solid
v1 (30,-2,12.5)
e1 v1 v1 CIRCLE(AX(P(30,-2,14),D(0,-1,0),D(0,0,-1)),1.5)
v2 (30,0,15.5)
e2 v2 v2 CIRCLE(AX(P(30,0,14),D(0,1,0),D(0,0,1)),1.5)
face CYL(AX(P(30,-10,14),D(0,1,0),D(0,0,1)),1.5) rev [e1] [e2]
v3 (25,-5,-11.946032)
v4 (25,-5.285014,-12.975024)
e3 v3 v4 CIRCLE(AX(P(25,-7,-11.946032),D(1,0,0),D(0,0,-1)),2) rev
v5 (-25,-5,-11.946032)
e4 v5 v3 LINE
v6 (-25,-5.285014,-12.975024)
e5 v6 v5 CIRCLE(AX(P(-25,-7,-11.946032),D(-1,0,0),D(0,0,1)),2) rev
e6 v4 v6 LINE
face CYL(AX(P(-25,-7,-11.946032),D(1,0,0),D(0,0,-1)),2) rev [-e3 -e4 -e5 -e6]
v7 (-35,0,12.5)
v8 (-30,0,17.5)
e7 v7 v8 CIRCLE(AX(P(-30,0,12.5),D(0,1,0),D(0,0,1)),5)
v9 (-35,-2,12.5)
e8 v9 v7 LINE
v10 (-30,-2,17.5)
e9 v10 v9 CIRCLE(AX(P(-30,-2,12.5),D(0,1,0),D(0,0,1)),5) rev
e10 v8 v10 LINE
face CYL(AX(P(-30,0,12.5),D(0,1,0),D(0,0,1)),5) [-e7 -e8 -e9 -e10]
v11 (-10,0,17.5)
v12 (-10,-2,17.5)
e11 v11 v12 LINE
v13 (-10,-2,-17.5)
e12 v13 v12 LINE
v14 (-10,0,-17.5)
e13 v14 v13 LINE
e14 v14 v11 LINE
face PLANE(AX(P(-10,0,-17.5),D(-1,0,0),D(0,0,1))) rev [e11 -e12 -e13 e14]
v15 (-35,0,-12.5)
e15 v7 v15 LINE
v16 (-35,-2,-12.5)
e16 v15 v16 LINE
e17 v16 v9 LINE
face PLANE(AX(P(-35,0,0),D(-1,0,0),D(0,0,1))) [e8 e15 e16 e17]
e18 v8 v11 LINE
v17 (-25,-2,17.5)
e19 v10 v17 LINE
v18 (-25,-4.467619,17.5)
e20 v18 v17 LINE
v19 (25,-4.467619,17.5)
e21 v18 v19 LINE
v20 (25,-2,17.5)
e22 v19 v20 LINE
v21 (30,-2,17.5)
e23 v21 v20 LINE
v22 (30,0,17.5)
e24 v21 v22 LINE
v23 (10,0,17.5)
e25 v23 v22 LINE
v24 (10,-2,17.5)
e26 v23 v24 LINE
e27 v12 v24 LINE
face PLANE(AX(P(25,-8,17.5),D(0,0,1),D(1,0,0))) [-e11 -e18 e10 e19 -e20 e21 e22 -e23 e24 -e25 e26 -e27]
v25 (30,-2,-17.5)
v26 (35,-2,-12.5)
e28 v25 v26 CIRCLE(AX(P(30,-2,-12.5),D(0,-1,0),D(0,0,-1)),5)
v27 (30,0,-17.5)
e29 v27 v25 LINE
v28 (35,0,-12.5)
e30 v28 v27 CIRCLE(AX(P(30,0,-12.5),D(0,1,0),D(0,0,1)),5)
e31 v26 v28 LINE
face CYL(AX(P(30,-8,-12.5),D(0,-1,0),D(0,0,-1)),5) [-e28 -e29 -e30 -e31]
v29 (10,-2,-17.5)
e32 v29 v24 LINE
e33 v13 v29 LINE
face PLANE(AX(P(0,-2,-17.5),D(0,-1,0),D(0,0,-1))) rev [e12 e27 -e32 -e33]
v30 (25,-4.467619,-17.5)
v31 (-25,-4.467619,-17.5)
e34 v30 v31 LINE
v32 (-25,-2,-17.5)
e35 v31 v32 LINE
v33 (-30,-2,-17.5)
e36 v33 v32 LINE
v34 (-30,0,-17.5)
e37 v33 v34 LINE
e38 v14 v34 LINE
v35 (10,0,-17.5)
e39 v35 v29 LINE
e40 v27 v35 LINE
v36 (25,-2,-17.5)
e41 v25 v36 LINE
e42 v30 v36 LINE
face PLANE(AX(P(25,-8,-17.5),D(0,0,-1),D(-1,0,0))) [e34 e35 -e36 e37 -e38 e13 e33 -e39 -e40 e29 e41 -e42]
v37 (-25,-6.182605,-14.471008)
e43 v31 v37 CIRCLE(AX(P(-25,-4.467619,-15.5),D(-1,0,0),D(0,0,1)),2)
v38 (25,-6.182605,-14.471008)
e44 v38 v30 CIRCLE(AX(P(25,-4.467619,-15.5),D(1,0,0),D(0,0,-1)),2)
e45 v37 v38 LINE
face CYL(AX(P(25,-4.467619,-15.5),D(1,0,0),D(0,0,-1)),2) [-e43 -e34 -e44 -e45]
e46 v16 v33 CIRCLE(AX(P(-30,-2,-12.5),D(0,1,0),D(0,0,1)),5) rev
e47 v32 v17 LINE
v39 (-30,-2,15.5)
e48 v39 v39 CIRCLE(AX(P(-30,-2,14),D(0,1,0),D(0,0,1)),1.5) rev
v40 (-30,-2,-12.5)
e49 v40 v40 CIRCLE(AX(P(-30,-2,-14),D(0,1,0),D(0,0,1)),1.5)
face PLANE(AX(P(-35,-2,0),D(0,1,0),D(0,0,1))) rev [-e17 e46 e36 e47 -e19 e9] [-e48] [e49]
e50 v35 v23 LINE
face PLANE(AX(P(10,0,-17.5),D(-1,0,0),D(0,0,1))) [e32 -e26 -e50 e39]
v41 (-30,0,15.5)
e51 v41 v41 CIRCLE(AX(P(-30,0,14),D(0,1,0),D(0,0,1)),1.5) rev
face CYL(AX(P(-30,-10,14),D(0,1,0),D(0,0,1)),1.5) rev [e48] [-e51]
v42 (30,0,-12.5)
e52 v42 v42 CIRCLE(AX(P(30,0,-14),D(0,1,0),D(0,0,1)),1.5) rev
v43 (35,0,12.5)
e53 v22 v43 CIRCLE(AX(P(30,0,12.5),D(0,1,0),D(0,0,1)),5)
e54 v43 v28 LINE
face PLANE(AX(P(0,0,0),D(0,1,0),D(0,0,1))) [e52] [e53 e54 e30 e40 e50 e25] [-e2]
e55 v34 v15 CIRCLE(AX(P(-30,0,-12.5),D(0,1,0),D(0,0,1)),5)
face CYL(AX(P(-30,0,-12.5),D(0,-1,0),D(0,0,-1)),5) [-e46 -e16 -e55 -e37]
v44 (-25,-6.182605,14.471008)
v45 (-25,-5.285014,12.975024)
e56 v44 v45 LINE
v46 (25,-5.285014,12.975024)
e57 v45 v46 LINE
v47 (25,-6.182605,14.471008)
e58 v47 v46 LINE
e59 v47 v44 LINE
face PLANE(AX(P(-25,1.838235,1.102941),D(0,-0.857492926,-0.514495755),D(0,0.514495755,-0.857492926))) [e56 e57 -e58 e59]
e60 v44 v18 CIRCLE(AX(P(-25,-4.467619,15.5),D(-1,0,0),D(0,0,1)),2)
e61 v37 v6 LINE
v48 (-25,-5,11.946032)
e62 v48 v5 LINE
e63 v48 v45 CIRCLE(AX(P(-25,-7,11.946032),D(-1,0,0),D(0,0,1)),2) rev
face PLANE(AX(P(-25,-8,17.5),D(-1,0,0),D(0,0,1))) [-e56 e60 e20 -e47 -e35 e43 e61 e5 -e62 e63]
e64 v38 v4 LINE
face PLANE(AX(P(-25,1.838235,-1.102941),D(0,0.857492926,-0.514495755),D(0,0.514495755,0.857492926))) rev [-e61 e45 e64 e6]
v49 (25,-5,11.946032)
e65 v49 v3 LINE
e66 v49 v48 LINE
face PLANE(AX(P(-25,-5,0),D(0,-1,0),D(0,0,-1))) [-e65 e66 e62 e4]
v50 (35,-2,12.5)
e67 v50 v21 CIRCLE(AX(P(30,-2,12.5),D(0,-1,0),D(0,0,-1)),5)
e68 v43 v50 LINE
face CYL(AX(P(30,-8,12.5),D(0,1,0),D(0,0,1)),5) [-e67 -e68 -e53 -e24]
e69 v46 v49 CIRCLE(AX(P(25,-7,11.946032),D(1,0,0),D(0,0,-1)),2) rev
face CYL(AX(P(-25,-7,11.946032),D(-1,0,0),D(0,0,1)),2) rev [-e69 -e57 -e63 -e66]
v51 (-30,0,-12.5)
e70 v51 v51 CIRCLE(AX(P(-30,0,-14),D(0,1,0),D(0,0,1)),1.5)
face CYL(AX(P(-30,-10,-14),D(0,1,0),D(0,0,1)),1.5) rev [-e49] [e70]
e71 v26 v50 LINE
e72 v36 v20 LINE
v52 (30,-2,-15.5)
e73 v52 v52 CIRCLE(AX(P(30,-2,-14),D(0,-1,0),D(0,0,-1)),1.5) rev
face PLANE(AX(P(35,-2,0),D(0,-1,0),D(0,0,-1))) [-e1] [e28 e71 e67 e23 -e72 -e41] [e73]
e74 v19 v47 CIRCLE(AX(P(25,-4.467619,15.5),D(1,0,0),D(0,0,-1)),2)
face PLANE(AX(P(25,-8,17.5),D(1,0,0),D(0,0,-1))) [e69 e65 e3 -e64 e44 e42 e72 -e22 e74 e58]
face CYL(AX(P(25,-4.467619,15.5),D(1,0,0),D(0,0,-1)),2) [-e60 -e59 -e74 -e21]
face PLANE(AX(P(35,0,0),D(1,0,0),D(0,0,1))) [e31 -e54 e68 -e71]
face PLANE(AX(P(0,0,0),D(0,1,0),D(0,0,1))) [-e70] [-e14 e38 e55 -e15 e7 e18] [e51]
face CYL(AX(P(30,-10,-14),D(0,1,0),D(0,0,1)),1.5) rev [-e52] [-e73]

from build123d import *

# Parameters (mm, degrees)
SKETCH1_W               = 50
SKETCH1_H               = 35
BOSS_EXTRUDE1_DEPTH     = 8
CUT_EXTRUDE1_DEPTH      = 1
CUT_EXTRUDE1_DEPTH_BACK = 51
FILLET1_R               = 2
SKETCH5_W               = 35
SKETCH5_H               = 2
BOSS_EXTRUDE2_DEPTH     = 10
SKETCH6_R               = 1.5
CUT_EXTRUDE2_DEPTH      = 10
SKETCH3_W               = 10
SKETCH3_H               = 2
CUT_EXTRUDE3_DEPTH      = 36
FILLET3_R               = 5


with BuildPart() as part:
    # Sketch1 → Boss-Extrude1 (new body)
    with BuildSketch(Plane(origin=(0, 0, 0), x_dir=(1, 0, 0), z_dir=(0, 1, 0))):
        Rectangle(SKETCH1_W, SKETCH1_H)
    extrude(amount=-BOSS_EXTRUDE1_DEPTH)

    # Sketch2 → Cut-Extrude1 (cut, two sides)
    with BuildSketch(Plane(origin=(25, 0, 0), x_dir=(0, 0, -1), z_dir=(1, 0, 0))) as cut_extrude1_sk:
        Polygon((-12.5, -5), (-17.5, -8), (0, -8), (0, -5), align=None)
        Polygon((0, -5), (0, -8), (17.5, -8), (12.5, -5), align=None)
    extrude(amount=CUT_EXTRUDE1_DEPTH, mode=Mode.SUBTRACT)
    extrude(cut_extrude1_sk.sketch, amount=-CUT_EXTRUDE1_DEPTH_BACK, mode=Mode.SUBTRACT)

    # Fillet1
    fillet1_edges = [part.edges().sort_by_distance(p)[0] for p in [
        (0, -8, -17.5),
        (0, -5, 12.5),
        (0, -5, -12.5),
        (0, -8, 17.5),
    ]]
    fillet(fillet1_edges, radius=FILLET1_R)

    # Sketch5 → Boss-Extrude2 (add)
    with BuildSketch(Plane.ZY.offset(25)):
        with Locations((0, -1)):
            Rectangle(SKETCH5_W, SKETCH5_H)
    boss_extrude2 = extrude(amount=BOSS_EXTRUDE2_DEPTH)

    # Mirror1: Boss-Extrude2 across plane
    add(boss_extrude2.mirror(Plane(origin=(0, 0, 0), x_dir=(0, 0, 1), z_dir=(1, 0, 0))))

    # Sketch6 → Cut-Extrude2 (cut)
    with BuildSketch(Plane(origin=(0, 0, 0), x_dir=(1, 0, 0), z_dir=(0, 1, 0))):
        with Locations((-30, 14)):
            Circle(SKETCH6_R)
        with Locations((-30, -14)):
            Circle(SKETCH6_R)
        with Locations((30, -14)):
            Circle(SKETCH6_R)
        with Locations((30, 14)):
            Circle(SKETCH6_R)
    extrude(amount=-CUT_EXTRUDE2_DEPTH, mode=Mode.SUBTRACT)

    # Sketch3 → Cut-Extrude3 (cut, through all)
    with BuildSketch(Plane.XY.offset(17.5)):
        with Locations((5, -1)):
            Rectangle(SKETCH3_W, SKETCH3_H)
        with Locations((-5, -1)):
            Rectangle(SKETCH3_W, SKETCH3_H)
    extrude(amount=-CUT_EXTRUDE3_DEPTH, mode=Mode.SUBTRACT)

    # Fillet3
    fillet3_edges = [part.edges().sort_by_distance(p)[0] for p in [
        (-35, -1, -17.5),
        (-35, -1, 17.5),
        (35, -1, -17.5),
        (35, -1, 17.5),
    ]]
    fillet(fillet3_edges, radius=FILLET3_R)


solid = part.part
